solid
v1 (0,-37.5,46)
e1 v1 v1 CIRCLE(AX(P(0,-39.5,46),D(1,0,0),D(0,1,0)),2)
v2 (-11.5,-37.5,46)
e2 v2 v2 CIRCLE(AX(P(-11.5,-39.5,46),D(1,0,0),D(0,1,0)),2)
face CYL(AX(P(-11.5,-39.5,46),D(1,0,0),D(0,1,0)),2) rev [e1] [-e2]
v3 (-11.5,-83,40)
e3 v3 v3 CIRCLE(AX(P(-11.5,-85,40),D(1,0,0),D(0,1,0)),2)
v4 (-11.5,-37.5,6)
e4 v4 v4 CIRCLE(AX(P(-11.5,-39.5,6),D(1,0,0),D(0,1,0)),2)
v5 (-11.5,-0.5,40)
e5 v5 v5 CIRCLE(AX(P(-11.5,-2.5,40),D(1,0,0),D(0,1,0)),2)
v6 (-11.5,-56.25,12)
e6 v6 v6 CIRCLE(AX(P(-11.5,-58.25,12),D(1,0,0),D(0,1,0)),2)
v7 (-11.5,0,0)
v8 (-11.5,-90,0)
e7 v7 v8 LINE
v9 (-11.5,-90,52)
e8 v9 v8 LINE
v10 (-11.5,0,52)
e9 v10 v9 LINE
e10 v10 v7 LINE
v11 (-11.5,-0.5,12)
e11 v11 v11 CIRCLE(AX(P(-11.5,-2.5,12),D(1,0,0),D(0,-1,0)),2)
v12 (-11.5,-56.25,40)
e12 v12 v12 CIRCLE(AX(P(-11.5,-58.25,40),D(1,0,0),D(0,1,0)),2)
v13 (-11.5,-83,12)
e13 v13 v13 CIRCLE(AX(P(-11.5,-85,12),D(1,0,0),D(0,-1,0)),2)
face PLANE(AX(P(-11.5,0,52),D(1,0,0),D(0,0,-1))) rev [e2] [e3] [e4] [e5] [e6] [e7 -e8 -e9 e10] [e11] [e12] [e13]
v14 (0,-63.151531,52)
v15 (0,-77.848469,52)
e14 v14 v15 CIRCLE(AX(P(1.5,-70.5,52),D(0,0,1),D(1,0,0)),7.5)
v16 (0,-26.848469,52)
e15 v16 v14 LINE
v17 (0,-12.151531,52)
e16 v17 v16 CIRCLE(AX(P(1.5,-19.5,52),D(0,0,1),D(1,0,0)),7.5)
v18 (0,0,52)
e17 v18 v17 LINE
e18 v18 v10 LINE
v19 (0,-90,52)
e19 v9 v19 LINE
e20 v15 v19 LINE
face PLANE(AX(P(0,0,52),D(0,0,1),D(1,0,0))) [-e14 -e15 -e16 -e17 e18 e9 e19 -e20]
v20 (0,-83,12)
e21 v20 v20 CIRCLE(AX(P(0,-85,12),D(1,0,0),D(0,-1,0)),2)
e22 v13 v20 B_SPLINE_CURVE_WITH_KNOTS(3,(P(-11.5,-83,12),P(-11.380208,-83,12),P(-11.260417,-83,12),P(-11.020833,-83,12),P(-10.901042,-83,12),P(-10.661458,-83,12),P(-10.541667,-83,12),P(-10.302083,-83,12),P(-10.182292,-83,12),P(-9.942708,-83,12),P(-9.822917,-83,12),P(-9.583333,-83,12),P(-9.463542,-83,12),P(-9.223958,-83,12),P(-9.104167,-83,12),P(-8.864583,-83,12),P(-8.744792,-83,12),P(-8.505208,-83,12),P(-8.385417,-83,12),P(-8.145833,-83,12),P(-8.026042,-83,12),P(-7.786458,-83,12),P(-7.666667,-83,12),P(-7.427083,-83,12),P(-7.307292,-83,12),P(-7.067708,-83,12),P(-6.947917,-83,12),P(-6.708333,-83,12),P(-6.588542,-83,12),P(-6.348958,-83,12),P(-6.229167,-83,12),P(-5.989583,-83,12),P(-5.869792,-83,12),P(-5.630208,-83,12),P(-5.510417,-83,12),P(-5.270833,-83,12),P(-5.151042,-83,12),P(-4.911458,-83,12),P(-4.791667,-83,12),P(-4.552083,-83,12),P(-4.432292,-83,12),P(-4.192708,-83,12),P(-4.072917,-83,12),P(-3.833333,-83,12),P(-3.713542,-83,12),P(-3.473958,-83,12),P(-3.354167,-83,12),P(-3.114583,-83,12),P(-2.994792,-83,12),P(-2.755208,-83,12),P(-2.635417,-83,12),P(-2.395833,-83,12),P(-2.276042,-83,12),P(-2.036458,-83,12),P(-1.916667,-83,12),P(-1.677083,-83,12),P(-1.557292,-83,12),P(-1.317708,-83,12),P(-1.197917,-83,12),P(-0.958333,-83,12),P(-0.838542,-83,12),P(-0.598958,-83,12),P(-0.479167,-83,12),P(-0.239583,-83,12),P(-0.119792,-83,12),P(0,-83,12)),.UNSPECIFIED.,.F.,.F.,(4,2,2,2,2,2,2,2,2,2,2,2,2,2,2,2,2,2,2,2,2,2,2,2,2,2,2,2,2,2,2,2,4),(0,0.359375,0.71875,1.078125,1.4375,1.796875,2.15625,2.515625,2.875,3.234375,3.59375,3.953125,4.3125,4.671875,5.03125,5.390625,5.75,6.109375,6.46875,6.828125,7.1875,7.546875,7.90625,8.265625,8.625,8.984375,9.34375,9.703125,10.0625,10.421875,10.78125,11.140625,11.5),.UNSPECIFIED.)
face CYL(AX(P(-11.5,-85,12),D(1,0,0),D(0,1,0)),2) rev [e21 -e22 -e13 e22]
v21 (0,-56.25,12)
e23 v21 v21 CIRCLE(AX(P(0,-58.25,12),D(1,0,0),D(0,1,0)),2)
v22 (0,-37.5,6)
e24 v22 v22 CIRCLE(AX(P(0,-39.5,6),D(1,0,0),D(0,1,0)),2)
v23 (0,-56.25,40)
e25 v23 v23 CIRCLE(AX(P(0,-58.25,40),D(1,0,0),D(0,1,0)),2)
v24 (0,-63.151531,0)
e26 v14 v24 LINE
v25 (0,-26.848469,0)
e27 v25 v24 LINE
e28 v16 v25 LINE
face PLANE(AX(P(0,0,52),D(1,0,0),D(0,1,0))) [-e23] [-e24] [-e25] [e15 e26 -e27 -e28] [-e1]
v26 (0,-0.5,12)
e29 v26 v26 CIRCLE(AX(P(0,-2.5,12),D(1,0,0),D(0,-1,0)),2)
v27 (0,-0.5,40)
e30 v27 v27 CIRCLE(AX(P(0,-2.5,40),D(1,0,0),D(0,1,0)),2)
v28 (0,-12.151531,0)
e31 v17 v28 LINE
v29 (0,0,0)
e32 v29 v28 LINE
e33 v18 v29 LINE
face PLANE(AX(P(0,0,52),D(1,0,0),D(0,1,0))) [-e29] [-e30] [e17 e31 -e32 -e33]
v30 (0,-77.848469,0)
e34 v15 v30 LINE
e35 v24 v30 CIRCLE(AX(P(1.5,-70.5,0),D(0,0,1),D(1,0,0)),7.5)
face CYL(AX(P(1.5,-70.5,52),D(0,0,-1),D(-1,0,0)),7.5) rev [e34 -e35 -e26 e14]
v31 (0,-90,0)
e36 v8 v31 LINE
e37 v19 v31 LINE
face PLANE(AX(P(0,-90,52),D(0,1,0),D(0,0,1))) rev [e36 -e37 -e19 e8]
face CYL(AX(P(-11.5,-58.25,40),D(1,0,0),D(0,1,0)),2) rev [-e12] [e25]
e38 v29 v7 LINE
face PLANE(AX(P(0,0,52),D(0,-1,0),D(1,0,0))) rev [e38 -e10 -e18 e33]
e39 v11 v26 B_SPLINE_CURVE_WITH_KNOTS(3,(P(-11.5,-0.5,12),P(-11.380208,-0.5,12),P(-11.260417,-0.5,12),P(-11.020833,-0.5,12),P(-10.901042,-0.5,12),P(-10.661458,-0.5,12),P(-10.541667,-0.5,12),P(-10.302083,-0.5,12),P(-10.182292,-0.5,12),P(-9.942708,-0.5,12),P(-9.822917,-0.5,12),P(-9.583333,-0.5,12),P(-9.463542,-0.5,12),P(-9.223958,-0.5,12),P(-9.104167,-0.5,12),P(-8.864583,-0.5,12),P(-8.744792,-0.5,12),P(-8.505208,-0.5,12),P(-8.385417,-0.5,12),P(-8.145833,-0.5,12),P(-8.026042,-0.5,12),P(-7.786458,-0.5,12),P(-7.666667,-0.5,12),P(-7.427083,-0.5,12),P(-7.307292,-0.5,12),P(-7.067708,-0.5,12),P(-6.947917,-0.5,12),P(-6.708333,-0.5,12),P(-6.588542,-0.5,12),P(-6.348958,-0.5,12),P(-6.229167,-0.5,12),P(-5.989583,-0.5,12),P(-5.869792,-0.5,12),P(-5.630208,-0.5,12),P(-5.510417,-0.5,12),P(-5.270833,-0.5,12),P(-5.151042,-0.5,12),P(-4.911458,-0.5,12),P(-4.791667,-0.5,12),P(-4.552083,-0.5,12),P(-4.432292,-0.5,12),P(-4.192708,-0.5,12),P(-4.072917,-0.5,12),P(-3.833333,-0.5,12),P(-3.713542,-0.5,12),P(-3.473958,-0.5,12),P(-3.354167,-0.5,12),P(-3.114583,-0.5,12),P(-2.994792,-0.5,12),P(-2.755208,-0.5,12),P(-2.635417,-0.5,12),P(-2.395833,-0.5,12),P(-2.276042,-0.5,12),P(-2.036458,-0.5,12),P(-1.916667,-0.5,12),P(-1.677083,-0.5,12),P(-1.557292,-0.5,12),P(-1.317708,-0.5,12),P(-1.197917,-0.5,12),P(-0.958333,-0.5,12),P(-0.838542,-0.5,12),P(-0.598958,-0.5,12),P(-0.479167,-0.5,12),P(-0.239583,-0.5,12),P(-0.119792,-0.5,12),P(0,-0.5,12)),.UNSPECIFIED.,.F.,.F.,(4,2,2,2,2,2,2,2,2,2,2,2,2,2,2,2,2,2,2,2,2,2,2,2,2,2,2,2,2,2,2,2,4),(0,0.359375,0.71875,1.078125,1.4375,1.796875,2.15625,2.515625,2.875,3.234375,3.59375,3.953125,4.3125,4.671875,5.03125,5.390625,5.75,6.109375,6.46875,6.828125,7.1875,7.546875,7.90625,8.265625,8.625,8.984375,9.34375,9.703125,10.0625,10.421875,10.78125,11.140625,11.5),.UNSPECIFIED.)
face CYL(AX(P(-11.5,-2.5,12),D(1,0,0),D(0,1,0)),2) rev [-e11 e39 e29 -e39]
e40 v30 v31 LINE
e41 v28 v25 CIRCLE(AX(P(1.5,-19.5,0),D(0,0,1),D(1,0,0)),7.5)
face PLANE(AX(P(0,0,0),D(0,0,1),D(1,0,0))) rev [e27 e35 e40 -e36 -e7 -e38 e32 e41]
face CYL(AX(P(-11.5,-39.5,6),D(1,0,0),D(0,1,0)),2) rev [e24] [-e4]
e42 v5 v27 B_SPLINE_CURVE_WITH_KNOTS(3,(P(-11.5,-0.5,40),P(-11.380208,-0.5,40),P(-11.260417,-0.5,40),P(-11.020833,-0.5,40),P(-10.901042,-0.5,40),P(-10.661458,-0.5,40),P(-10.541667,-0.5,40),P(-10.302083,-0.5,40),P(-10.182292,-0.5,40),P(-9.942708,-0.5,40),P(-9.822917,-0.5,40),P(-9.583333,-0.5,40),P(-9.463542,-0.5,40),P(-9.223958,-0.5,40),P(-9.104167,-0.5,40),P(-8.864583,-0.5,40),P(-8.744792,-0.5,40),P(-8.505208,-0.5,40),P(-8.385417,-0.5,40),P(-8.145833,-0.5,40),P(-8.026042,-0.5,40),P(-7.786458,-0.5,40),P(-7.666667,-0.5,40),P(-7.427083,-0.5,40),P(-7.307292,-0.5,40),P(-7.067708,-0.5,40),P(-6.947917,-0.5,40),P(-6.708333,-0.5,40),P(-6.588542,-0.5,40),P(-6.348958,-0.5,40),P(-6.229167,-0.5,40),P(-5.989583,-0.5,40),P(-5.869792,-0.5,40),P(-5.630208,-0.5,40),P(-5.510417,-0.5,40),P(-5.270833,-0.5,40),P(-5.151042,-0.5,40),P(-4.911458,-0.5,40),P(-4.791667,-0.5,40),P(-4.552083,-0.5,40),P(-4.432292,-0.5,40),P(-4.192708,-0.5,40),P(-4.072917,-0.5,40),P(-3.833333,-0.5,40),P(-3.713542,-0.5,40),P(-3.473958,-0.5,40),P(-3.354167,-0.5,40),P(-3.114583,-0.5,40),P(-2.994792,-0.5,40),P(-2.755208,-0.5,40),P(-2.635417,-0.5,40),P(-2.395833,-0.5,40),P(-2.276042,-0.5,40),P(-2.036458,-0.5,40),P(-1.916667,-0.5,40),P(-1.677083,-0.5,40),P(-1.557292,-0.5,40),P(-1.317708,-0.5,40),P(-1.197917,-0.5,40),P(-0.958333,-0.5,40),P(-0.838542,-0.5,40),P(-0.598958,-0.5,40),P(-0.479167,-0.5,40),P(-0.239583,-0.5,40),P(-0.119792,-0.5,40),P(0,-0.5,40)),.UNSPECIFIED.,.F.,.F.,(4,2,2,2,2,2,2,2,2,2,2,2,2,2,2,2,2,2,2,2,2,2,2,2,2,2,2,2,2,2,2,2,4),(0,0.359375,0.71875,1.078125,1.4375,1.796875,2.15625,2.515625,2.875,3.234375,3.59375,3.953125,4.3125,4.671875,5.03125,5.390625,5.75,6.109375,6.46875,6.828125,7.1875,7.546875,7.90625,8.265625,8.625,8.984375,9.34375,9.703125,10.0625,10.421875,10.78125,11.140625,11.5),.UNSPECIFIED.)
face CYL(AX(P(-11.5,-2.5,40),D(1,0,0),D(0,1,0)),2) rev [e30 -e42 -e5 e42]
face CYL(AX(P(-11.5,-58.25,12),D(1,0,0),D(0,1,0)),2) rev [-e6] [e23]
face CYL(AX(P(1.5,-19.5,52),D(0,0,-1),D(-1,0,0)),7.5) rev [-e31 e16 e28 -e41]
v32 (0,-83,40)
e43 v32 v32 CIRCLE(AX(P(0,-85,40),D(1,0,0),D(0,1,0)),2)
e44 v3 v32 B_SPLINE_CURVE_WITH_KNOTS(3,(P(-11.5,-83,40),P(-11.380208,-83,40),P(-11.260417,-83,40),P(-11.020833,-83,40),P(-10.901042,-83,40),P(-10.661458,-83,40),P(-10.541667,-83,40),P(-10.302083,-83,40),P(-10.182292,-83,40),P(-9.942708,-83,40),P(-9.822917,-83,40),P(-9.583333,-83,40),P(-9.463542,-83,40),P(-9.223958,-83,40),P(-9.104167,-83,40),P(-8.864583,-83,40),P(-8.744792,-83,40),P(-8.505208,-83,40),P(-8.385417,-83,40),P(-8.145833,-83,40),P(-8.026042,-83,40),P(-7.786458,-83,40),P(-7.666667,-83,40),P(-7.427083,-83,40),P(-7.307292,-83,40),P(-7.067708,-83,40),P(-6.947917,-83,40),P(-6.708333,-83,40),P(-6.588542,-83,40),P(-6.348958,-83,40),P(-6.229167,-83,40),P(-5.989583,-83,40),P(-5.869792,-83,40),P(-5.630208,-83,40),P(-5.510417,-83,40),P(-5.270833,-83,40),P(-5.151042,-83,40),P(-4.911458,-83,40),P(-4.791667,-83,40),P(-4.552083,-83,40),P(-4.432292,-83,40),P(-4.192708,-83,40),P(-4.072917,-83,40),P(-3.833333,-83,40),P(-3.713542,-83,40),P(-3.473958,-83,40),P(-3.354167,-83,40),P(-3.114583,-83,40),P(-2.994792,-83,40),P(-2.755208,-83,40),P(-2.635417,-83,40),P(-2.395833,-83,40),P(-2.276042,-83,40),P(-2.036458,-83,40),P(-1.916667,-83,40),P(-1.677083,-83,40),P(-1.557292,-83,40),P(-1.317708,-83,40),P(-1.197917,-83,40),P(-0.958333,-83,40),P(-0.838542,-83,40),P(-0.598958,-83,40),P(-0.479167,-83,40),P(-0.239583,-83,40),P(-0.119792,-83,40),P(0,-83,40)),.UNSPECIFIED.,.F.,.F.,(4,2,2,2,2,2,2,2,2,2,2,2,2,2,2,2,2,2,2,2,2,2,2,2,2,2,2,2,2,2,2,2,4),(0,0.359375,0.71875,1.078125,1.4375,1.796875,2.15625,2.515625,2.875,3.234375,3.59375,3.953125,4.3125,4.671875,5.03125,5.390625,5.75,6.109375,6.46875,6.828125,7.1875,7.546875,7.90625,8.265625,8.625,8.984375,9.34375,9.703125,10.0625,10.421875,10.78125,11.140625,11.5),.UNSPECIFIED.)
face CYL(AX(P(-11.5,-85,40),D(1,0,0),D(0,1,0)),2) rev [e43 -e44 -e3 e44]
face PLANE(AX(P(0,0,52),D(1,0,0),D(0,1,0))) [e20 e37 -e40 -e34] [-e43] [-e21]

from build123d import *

# Parameters (mm, degrees)
BOSS_EXTRUDE1_DEPTH     = 52
SKETCH2_R               = 2
CUT_EXTRUDE1_DEPTH      = 105.576527003
ESQUISSE1_R             = 2
ENL_V_MAT_EXTRU_1_DEPTH = 105.576527003
ESQUISSE2_R             = 2
ENL_V_MAT_EXTRU_2_DEPTH = 105.576527003


with BuildPart() as part:
    # Sketch1 → Boss-Extrude1 (new body)
    with BuildSketch(Plane.XY):
        with BuildLine():
            Line((0, -12.151530772), (0, 0))
            Line((0, 0), (-11.5, 0))
            Line((-11.5, 0), (-11.5, -45))
            Line((-11.5, -45), (0, -45))
            Line((0, -45), (0, -26.848469228))
            ThreePointArc((0, -26.848469228), (-6, -19.5), (0, -12.151530772))
        make_face()
        with BuildLine():
            Line((0, -45), (-11.5, -45))
            Line((-11.5, -45), (-11.5, -90))
            Line((-11.5, -90), (0, -90))
            Line((0, -90), (0, -77.848469228))
            ThreePointArc((0, -77.848469228), (-6, -70.5), (0, -63.151530772))
            Line((0, -63.151530772), (0, -45))
        make_face()
    extrude(amount=BOSS_EXTRUDE1_DEPTH)

    # Sketch2 → Cut-Extrude1 (cut, through all)
    with BuildSketch(Plane(origin=(0, 0, 0), x_dir=(0, 0, -1), z_dir=(1, 0, 0))):
        with Locations(Location((-40, -2.5, 0), (0, 0, 90))):
            Circle(SKETCH2_R)
        with Locations(Location((-40, -85, 0), (0, 0, 90))):
            Circle(SKETCH2_R)
        with Locations(Location((-12, -85, 0), (0, 0, 90))):
            Circle(SKETCH2_R)
        with Locations(Location((-12, -2.5, 0), (0, 0, 90))):
            Circle(SKETCH2_R)
    extrude(amount=-CUT_EXTRUDE1_DEPTH, mode=Mode.SUBTRACT)

    # Esquisse1 → Enlèv. mat.-Extru.1 (cut, through all)
    with BuildSketch(Plane(origin=(0, 0, 0), x_dir=(0, 0, -1), z_dir=(1, 0, 0))):
        with Locations(Location((-12, -58.25, 0), (0, 0, 90))):
            Circle(ESQUISSE1_R)
        with Locations(Location((-40, -58.25, 0), (0, 0, 90))):
            Circle(ESQUISSE1_R)
    extrude(amount=-ENL_V_MAT_EXTRU_1_DEPTH, mode=Mode.SUBTRACT)

    # Esquisse2 → Enlèv. mat.-Extru.2 (cut, through all)
    with BuildSketch(Plane(origin=(0, 0, 0), x_dir=(0, 0, -1), z_dir=(1, 0, 0))):
        with Locations(Location((-6, -39.5, 0), (0, 0, 90))):
            Circle(ESQUISSE2_R)
        with Locations(Location((-46, -39.5, 0), (0, 0, 90))):
            Circle(ESQUISSE2_R)
    extrude(amount=-ENL_V_MAT_EXTRU_2_DEPTH, mode=Mode.SUBTRACT)


solid = part.part
